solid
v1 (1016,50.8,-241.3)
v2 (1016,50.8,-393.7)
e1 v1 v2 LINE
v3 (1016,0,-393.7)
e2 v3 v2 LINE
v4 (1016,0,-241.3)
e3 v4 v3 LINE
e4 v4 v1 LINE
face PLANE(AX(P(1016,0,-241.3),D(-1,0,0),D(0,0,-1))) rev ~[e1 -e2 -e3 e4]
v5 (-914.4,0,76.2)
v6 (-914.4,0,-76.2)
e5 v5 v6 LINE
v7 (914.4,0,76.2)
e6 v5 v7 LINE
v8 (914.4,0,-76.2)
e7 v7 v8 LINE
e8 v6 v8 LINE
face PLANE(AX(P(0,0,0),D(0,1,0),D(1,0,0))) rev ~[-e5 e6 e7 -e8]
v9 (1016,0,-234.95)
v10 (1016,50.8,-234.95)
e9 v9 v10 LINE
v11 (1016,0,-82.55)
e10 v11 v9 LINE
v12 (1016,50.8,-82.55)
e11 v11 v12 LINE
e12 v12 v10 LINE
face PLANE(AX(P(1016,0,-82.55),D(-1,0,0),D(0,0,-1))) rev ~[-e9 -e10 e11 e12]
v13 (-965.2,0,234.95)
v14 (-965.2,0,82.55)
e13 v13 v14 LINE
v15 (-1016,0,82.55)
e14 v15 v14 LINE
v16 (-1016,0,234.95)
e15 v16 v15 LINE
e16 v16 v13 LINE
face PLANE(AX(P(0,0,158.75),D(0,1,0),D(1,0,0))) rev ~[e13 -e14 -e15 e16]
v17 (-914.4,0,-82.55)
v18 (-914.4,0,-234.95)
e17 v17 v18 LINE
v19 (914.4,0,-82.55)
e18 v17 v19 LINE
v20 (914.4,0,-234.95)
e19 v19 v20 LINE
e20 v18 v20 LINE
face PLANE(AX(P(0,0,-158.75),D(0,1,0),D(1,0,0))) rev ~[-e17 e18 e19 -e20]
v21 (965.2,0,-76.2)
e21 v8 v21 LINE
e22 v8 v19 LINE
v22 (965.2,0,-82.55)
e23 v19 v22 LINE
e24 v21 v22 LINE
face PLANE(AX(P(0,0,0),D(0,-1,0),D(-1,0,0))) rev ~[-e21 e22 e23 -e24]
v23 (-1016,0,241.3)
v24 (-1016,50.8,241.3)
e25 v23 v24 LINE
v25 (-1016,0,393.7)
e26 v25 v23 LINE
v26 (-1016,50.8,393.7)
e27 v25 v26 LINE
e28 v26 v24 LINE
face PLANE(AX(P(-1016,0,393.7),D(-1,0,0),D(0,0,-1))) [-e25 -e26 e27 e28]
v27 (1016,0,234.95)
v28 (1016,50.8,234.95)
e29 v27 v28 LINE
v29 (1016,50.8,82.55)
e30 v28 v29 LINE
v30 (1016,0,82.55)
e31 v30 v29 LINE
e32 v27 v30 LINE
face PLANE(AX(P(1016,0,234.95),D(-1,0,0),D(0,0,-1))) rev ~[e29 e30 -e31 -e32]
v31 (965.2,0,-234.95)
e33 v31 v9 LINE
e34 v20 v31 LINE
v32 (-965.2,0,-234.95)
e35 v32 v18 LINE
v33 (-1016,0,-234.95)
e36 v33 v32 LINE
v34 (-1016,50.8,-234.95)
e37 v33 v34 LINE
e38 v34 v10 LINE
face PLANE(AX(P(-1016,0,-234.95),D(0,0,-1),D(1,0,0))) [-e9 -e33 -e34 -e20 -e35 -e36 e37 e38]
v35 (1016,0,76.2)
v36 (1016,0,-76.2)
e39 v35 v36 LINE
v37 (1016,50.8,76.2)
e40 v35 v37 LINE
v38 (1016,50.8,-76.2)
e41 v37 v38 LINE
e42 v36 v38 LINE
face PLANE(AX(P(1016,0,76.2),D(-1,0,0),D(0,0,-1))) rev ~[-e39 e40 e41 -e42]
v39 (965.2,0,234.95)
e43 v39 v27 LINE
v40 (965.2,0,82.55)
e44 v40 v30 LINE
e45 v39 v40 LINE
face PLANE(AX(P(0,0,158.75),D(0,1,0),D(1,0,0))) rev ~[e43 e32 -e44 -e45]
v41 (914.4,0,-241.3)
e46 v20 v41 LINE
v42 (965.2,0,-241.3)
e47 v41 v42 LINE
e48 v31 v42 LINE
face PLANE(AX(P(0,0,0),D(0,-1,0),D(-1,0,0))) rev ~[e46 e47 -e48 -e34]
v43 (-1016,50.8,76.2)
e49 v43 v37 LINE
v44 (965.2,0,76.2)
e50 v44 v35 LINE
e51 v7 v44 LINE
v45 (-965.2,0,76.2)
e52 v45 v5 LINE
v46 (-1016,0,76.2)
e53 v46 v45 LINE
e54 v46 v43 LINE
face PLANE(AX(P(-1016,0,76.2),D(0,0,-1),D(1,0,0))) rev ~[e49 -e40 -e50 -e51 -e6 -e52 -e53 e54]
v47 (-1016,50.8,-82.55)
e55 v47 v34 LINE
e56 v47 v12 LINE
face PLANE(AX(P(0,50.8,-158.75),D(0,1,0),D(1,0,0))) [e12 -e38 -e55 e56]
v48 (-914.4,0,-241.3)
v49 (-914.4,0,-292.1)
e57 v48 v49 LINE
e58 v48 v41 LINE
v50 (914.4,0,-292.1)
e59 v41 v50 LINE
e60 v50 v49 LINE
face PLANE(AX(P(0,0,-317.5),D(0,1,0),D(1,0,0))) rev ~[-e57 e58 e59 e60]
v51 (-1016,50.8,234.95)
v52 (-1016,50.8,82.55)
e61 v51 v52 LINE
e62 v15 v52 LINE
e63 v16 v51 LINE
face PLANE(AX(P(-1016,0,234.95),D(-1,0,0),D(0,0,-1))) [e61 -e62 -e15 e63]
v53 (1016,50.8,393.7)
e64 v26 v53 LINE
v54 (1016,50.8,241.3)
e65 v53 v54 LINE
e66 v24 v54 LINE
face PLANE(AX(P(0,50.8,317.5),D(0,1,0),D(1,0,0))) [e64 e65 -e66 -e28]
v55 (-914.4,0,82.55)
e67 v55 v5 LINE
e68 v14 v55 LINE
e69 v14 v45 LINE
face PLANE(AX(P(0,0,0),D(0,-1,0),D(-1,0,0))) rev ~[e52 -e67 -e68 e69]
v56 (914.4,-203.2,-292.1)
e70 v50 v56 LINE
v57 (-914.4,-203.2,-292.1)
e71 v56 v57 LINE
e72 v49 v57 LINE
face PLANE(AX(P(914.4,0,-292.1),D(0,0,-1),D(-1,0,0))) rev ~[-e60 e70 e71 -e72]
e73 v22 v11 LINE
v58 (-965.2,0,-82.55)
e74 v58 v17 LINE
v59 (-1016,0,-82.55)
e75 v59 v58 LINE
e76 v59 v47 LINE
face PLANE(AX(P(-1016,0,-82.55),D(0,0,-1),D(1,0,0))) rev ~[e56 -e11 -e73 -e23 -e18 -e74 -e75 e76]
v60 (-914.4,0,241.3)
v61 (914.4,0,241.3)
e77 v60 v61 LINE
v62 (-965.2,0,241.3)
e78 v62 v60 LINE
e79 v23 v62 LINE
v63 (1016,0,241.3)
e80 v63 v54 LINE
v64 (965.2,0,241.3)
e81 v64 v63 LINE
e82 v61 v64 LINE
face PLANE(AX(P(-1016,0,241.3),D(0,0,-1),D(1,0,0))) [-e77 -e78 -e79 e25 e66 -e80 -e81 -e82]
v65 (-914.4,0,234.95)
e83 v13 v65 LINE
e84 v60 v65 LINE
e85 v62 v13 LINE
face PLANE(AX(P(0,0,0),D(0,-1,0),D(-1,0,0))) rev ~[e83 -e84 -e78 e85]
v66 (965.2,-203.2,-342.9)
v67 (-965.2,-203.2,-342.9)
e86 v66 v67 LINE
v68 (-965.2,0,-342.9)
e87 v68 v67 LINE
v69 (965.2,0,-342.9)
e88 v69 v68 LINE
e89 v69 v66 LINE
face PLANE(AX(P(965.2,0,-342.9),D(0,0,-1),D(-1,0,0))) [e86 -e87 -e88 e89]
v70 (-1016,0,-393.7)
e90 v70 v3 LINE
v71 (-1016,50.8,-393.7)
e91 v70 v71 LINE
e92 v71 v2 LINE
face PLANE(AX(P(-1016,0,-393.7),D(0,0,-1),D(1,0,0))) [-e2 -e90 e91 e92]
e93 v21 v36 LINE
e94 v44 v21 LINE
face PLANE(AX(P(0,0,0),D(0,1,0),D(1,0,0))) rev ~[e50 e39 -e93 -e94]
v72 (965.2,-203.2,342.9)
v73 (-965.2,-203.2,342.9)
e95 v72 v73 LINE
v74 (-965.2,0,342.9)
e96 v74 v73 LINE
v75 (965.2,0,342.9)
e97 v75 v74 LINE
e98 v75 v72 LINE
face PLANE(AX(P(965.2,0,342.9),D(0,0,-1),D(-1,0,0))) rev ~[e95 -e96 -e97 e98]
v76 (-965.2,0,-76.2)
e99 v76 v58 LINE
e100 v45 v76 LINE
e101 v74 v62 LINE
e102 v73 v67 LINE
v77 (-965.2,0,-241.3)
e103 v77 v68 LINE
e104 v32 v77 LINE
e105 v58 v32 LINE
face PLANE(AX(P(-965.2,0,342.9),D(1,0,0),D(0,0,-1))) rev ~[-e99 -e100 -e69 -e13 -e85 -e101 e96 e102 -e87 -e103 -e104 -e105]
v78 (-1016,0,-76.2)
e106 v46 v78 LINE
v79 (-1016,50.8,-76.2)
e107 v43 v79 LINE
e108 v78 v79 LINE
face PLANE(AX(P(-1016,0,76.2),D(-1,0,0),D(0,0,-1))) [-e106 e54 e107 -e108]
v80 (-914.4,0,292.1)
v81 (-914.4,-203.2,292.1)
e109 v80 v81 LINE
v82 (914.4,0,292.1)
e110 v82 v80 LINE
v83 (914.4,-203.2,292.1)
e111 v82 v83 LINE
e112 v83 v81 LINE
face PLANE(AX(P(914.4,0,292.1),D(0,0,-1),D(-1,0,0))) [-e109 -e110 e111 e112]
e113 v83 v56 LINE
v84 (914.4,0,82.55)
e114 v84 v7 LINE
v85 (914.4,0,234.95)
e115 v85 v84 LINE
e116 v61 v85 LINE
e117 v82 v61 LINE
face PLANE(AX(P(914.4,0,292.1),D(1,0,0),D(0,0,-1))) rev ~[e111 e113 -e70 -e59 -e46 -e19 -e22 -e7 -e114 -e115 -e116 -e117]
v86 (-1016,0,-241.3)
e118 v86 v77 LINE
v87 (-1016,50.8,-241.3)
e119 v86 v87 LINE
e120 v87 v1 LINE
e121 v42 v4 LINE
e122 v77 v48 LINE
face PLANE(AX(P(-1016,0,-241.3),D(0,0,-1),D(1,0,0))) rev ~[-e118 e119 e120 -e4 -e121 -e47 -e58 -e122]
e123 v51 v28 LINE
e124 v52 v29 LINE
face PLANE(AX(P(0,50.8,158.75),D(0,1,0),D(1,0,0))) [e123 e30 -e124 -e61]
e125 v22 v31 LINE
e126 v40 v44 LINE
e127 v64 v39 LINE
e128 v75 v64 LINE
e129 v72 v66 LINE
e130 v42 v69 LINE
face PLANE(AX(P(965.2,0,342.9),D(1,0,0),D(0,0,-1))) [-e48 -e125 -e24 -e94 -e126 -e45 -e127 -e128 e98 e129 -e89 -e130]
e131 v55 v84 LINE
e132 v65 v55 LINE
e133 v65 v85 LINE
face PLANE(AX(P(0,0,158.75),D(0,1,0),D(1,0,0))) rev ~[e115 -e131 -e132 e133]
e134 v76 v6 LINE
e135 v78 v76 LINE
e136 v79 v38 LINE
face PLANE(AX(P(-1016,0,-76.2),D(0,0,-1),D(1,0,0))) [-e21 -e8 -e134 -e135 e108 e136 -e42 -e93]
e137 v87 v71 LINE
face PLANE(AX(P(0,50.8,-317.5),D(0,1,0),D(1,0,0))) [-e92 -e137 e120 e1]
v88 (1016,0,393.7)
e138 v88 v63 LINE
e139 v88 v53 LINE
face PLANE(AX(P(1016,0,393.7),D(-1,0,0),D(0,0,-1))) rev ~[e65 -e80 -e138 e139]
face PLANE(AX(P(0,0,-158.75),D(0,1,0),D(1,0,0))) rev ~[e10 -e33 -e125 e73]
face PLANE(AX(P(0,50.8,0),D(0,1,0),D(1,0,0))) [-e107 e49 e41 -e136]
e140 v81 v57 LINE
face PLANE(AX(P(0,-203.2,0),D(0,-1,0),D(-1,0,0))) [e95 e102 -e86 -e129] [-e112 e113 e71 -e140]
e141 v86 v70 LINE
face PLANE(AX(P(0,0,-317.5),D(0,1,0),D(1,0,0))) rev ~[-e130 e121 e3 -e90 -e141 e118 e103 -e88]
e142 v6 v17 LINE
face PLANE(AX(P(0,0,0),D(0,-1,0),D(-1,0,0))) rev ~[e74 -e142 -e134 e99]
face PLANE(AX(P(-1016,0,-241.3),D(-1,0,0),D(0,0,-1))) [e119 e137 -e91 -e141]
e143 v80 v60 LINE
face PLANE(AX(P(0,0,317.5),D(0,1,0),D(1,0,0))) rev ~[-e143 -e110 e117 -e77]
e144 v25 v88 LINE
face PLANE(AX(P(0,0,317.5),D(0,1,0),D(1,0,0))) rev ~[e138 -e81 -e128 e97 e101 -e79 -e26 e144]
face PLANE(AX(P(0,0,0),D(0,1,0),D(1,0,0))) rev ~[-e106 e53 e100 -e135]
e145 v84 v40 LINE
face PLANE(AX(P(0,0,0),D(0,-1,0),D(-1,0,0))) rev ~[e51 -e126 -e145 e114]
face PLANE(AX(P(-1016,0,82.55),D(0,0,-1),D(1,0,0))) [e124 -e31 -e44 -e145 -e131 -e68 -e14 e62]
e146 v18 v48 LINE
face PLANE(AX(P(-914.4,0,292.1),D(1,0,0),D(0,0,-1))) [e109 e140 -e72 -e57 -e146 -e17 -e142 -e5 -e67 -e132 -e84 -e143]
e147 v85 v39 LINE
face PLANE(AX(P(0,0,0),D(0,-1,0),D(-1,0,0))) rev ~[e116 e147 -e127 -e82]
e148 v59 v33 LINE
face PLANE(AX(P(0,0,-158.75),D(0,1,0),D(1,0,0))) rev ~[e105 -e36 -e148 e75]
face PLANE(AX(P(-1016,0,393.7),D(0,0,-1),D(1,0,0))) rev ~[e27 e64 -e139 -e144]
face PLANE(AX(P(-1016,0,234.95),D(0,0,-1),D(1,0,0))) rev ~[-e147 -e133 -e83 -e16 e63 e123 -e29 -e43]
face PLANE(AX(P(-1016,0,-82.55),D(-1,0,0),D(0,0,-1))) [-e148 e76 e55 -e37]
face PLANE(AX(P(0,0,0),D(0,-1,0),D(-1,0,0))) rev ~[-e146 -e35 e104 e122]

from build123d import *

# Parameters (mm, degrees)
SKETCH1_W             = 2032
SKETCH1_H             = 152.4
BOSS_EXTRUDE1_DEPTH   = 50.8
BOSS_EXTRUDE1_2_DEPTH = 50.8
BOSS_EXTRUDE1_3_DEPTH = 50.8
BOSS_EXTRUDE1_4_DEPTH = 50.8
BOSS_EXTRUDE1_5_DEPTH = 50.8
SKETCH2_W             = 1930.4
SKETCH2_H             = 685.8
SKETCH2_W_2           = 1828.8
SKETCH2_H_2           = 584.2
BOSS_EXTRUDE2_DEPTH   = 203.2


with BuildPart() as part:
    # Sketch1 → Boss-Extrude1 (new body)
    with BuildSketch(Plane(origin=(0, 0, 0), x_dir=(1, 0, 0), z_dir=(0, 1, 0))):
        Rectangle(SKETCH1_W, SKETCH1_H)
    extrude(amount=BOSS_EXTRUDE1_DEPTH)



with BuildPart() as body_2:
    # Sketch1 → Boss-Extrude1 2 (new body)
    with BuildSketch(Plane(origin=(0, 0, 0), x_dir=(1, 0, 0), z_dir=(0, 1, 0))):
        with Locations((0, 158.75)):
            Rectangle(SKETCH1_W, SKETCH1_H)
    extrude(amount=BOSS_EXTRUDE1_2_DEPTH)


with BuildPart() as body_3:
    # Sketch1 → Boss-Extrude1 3 (new body)
    with BuildSketch(Plane(origin=(0, 0, 0), x_dir=(1, 0, 0), z_dir=(0, 1, 0))):
        with Locations((0, 317.5)):
            Rectangle(SKETCH1_W, SKETCH1_H)
    extrude(amount=BOSS_EXTRUDE1_3_DEPTH)


with BuildPart() as body_4:
    # Sketch1 → Boss-Extrude1 4 (new body)
    with BuildSketch(Plane(origin=(0, 0, 0), x_dir=(1, 0, 0), z_dir=(0, 1, 0))):
        with Locations((0, -158.75)):
            Rectangle(SKETCH1_W, SKETCH1_H)
    extrude(amount=BOSS_EXTRUDE1_4_DEPTH)


with BuildPart() as body_5:
    # Sketch1 → Boss-Extrude1 5 (new body)
    with BuildSketch(Plane(origin=(0, 0, 0), x_dir=(1, 0, 0), z_dir=(0, 1, 0))):
        with Locations((0, -317.5)):
            Rectangle(SKETCH1_W, SKETCH1_H)
    extrude(amount=BOSS_EXTRUDE1_5_DEPTH)


with BuildPart() as part_1:
    add(part.part)

    add(body_2.part)  # Boss-Extrude2 merges body 2

    add(body_3.part)  # Boss-Extrude2 merges body 3

    add(body_4.part)  # Boss-Extrude2 merges body 4

    add(body_5.part)  # Boss-Extrude2 merges body 5
    # Sketch2 → Boss-Extrude2 (add)
    with BuildSketch(Plane(origin=(0, 0, 0), x_dir=(-1, 0, 0), z_dir=(0, -1, 0))):
        Rectangle(SKETCH2_W, SKETCH2_H)
        Rectangle(SKETCH2_W_2, SKETCH2_H_2, mode=Mode.SUBTRACT)
    extrude(amount=BOSS_EXTRUDE2_DEPTH)


solid = part_1.part
